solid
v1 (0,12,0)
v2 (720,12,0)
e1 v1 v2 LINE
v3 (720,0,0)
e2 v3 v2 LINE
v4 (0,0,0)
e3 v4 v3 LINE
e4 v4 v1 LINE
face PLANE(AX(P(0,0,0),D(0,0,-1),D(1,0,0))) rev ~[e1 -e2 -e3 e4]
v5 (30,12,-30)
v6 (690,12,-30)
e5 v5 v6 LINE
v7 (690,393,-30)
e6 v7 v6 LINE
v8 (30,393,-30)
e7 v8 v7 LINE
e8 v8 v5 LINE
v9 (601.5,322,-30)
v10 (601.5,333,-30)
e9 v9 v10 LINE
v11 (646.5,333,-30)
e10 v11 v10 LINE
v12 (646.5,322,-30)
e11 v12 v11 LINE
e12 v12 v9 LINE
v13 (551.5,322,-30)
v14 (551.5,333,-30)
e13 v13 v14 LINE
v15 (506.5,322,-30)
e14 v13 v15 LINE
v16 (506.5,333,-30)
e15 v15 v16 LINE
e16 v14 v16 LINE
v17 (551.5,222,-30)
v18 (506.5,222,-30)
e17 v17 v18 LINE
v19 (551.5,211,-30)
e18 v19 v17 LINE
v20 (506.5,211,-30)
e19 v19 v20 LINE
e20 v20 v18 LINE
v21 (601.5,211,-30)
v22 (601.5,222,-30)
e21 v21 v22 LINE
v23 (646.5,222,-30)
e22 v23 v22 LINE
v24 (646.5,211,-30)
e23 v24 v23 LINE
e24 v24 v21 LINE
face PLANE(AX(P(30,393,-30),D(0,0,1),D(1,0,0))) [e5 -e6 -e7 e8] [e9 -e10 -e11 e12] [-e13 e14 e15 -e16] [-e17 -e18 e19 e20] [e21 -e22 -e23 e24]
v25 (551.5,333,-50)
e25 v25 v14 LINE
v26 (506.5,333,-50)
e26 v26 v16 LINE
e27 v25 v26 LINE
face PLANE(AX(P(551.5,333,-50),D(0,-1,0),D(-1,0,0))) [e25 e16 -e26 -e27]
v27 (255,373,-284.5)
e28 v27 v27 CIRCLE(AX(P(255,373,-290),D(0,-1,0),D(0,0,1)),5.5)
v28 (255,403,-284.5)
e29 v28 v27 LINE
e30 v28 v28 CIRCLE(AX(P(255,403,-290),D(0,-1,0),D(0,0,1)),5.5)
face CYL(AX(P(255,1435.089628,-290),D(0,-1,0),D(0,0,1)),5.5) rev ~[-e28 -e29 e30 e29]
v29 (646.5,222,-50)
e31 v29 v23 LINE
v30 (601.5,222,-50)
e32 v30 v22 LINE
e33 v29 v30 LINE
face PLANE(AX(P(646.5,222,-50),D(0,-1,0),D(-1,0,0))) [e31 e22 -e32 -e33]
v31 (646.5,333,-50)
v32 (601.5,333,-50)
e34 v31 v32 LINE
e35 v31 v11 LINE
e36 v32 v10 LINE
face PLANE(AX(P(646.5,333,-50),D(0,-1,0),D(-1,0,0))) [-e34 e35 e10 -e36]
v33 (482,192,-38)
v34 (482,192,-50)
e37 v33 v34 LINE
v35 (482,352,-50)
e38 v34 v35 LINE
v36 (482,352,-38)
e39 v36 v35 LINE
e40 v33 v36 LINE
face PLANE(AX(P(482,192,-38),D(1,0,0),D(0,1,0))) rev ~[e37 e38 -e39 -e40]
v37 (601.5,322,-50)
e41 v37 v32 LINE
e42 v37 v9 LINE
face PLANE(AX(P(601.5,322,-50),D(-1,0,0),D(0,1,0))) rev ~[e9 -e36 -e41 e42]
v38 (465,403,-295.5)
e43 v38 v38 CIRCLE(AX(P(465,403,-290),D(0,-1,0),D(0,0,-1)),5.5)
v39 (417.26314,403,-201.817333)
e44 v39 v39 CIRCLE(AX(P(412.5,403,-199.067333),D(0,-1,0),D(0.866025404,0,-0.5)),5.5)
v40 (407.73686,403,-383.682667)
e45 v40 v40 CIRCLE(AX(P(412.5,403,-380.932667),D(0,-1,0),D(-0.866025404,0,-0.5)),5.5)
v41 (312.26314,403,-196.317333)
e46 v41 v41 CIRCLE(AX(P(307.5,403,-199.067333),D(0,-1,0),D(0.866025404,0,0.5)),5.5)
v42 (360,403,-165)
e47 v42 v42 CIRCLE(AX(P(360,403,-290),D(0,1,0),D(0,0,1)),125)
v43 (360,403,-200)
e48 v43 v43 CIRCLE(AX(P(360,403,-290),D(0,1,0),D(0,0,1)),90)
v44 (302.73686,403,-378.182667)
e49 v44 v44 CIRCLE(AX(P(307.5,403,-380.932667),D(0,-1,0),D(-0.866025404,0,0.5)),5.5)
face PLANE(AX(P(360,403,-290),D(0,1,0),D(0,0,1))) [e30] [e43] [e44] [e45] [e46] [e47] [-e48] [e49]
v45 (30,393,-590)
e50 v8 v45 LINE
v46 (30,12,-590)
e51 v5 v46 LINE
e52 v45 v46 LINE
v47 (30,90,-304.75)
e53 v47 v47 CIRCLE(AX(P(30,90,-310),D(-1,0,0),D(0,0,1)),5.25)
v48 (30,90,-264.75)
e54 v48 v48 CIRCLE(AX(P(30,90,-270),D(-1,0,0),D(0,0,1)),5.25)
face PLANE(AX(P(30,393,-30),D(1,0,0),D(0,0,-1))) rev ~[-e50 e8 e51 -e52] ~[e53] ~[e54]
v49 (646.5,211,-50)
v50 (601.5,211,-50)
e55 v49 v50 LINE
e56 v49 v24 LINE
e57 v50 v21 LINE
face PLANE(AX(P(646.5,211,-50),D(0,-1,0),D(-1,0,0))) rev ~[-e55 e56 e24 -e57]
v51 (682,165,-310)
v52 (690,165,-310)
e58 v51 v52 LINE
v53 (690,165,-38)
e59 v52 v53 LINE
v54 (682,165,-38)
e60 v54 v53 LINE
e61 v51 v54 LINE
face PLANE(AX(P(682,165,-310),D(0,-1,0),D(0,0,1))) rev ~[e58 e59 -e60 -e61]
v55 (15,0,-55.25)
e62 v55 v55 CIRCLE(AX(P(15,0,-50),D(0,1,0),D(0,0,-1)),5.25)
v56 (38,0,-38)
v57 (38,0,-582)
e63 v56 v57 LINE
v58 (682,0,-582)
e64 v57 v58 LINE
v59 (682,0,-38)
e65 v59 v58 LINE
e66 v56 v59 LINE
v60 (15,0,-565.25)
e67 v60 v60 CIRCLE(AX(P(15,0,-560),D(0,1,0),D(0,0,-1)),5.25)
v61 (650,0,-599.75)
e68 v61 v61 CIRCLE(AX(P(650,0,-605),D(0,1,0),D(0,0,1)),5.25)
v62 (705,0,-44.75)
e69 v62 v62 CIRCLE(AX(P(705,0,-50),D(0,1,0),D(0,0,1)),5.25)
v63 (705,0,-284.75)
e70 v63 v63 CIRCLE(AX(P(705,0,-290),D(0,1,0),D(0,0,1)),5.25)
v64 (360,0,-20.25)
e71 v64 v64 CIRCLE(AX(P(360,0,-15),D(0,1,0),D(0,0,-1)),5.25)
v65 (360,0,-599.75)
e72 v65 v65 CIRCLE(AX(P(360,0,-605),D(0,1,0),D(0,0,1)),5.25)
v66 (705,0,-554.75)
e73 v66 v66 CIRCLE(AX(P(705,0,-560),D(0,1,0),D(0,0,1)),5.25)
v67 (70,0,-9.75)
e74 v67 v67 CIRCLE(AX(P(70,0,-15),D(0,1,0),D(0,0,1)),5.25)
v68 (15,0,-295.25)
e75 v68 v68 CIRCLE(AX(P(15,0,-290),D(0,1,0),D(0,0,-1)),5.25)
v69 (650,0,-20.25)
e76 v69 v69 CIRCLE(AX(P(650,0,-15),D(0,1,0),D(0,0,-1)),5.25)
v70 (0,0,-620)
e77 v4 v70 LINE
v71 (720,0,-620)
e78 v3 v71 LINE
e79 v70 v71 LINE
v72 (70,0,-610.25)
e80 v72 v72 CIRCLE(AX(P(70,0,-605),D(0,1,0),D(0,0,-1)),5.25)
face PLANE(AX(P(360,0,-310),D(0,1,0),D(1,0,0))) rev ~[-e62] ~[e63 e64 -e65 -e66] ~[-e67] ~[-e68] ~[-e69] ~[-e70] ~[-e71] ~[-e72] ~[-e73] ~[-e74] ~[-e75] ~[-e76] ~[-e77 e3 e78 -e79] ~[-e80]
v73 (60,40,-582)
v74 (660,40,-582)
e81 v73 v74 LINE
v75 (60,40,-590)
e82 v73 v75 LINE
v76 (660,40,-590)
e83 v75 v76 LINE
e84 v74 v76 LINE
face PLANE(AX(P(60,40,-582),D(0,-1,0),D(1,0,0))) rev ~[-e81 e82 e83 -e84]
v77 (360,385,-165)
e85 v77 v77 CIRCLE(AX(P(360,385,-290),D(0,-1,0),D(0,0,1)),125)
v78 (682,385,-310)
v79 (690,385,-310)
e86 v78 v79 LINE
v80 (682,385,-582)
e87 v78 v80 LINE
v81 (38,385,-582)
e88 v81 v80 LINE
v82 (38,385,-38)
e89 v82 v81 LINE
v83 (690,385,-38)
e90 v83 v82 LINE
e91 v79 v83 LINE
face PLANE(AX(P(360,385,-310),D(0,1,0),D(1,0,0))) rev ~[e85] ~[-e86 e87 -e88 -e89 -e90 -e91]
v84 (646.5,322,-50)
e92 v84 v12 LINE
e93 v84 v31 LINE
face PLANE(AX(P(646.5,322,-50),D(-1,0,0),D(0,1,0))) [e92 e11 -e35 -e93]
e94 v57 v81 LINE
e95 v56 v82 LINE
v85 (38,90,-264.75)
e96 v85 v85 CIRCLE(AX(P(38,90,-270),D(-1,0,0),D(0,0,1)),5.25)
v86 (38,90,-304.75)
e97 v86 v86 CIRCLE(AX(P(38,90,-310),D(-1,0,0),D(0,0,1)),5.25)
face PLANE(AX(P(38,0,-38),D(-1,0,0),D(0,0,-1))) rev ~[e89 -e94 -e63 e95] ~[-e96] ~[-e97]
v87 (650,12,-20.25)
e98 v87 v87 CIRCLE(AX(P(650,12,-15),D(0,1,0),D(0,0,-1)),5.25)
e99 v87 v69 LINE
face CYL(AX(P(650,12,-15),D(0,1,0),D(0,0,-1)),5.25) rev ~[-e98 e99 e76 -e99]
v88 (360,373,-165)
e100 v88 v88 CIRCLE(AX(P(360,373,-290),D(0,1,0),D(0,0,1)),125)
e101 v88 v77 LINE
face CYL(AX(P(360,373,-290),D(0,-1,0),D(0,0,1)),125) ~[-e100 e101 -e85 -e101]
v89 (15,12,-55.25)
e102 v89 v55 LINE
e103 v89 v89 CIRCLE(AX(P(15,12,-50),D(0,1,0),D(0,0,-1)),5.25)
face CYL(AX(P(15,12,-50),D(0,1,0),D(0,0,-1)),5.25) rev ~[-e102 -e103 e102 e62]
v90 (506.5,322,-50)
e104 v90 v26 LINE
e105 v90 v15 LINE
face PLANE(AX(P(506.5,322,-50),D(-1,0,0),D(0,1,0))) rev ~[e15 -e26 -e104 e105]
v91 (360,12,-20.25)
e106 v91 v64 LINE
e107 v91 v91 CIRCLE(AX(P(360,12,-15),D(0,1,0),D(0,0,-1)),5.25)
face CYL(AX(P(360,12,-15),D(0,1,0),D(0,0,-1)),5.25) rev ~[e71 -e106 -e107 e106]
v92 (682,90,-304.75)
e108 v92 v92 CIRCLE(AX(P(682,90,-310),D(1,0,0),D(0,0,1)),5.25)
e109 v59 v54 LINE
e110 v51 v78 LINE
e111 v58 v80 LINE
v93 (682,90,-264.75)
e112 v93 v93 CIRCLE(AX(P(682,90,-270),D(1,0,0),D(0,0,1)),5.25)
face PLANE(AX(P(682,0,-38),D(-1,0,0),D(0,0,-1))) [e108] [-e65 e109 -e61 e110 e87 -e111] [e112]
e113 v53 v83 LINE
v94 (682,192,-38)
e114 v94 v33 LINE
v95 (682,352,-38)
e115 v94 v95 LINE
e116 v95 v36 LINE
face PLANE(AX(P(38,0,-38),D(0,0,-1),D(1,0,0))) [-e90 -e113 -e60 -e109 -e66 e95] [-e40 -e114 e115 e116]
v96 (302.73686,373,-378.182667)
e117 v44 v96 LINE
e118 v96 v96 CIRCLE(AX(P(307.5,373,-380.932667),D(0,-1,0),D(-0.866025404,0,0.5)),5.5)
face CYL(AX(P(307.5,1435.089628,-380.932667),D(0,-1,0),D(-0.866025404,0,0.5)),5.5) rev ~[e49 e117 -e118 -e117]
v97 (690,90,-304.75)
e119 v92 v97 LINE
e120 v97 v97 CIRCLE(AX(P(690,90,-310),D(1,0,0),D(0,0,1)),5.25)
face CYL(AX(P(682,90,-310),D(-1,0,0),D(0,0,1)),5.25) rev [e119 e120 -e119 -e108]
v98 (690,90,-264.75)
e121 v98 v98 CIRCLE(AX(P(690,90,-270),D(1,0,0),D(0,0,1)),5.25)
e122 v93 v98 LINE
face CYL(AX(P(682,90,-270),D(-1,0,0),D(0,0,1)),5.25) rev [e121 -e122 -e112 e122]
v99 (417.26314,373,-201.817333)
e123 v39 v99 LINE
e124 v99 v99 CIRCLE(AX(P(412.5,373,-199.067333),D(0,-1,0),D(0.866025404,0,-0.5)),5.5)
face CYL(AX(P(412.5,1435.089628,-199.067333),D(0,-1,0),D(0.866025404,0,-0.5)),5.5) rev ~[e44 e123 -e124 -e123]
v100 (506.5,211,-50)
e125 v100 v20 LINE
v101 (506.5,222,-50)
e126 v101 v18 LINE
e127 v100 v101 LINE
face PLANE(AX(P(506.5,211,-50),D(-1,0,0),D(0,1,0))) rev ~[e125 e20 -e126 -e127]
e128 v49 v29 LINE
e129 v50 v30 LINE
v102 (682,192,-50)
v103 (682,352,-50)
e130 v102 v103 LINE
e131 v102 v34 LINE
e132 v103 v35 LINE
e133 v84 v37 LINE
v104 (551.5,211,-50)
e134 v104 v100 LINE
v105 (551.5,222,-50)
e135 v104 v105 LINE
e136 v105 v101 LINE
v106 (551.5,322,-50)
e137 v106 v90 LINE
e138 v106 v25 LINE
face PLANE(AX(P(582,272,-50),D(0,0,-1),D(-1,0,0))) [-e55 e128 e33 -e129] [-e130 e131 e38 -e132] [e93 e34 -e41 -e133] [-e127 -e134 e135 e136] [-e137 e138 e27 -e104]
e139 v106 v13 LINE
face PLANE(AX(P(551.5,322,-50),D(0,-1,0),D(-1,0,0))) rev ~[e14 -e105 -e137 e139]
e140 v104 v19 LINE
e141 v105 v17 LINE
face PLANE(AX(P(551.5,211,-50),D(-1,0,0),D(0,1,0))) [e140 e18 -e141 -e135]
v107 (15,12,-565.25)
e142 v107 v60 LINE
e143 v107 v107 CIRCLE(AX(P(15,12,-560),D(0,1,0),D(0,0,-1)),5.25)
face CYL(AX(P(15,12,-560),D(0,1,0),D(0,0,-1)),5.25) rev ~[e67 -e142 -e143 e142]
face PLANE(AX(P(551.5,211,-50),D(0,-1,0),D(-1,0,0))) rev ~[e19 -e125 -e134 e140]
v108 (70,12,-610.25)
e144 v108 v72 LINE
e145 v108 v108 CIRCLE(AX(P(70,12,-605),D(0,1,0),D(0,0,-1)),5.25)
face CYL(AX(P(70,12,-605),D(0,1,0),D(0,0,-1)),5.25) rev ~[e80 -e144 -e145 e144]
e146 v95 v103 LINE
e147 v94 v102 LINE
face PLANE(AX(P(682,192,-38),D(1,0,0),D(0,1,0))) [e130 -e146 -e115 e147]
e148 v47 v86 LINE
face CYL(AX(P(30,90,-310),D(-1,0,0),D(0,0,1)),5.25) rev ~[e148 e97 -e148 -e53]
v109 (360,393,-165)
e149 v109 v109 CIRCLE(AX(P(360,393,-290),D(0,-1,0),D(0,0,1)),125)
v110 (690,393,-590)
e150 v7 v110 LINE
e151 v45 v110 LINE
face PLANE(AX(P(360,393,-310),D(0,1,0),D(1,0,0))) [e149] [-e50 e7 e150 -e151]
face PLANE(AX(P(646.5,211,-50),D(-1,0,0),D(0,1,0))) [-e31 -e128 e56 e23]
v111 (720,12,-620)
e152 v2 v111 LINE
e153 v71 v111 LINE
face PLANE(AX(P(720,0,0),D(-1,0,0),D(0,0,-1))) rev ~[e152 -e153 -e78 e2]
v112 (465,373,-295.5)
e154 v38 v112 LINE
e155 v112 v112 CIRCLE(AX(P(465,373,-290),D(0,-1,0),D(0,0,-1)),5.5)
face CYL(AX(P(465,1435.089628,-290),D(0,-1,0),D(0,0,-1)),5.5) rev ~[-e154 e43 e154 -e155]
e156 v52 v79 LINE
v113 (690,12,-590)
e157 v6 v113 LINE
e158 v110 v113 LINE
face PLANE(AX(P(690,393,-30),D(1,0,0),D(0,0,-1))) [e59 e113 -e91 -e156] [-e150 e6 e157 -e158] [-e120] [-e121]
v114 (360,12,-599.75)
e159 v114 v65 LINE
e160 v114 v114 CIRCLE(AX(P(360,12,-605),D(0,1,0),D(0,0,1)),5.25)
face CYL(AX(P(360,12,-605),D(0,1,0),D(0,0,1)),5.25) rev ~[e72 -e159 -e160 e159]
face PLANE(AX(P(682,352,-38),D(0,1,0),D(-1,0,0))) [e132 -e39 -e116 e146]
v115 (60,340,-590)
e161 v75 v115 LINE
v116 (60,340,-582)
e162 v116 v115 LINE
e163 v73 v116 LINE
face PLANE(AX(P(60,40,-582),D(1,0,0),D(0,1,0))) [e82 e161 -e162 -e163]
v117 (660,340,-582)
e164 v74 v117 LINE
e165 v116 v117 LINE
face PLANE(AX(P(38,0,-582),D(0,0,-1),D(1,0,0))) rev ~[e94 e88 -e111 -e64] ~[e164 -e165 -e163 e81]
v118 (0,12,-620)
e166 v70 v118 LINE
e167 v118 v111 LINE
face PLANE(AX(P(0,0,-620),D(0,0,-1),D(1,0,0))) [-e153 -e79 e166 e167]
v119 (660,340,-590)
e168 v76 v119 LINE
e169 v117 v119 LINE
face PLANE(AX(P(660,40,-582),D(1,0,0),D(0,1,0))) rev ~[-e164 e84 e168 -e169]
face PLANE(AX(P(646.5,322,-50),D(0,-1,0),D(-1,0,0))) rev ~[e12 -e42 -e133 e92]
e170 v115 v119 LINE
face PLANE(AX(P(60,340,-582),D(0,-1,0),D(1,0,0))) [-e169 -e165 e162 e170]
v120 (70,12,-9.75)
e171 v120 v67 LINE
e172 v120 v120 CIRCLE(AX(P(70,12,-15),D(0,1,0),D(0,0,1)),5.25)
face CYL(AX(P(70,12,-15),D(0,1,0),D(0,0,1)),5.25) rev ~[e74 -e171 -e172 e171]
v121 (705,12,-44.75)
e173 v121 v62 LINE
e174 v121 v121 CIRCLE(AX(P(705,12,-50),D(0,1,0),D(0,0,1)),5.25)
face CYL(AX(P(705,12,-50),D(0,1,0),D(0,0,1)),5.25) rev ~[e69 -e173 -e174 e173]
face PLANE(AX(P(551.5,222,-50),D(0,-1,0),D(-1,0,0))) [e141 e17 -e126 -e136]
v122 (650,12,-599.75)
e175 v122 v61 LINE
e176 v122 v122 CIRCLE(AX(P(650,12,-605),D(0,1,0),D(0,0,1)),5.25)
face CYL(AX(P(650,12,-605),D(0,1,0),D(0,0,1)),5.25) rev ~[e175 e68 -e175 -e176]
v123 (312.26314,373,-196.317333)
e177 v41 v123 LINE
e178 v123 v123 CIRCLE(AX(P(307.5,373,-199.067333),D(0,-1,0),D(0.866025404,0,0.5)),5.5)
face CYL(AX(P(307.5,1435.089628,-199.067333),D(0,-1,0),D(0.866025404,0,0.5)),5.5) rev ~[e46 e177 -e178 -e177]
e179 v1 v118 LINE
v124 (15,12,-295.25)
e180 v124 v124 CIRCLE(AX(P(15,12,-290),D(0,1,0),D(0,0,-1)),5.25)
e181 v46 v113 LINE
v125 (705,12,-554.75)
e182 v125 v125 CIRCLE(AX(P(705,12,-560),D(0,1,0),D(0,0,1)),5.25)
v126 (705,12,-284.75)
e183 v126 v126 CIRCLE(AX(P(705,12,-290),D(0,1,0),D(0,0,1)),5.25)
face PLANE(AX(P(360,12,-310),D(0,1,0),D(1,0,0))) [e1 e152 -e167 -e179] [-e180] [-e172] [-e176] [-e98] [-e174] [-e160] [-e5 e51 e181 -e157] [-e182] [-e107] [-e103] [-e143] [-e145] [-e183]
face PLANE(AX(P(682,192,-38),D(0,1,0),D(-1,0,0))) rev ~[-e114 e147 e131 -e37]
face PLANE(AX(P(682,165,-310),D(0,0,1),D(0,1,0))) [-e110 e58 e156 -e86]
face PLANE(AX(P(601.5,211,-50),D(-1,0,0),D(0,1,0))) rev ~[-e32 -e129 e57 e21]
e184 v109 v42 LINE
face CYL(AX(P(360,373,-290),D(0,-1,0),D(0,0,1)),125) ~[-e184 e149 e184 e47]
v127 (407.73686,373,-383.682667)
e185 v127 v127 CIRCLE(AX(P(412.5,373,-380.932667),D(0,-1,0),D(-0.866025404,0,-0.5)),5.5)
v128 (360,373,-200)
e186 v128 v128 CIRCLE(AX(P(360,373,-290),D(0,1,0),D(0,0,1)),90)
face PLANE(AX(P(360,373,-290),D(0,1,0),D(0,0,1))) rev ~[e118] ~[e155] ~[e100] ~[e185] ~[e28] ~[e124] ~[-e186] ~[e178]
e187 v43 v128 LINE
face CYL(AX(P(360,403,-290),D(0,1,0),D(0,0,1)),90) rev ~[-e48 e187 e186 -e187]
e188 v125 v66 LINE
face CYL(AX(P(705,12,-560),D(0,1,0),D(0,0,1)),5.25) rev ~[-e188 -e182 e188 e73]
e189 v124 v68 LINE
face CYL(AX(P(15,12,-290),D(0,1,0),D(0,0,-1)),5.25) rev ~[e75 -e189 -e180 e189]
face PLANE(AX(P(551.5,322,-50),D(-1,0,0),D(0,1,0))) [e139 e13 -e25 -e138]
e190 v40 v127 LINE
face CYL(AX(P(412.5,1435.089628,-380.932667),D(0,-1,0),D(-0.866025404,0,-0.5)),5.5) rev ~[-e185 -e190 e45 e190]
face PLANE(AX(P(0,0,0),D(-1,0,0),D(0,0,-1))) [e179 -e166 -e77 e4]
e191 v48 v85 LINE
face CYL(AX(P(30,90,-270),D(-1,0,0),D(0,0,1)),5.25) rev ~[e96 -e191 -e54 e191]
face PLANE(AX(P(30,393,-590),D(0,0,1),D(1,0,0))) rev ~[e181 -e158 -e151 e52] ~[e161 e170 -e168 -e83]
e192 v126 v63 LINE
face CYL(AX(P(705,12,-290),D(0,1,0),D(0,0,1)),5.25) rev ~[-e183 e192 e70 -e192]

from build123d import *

# Parameters (mm, degrees)
SCHIZZO1_W                        = 720
SCHIZZO1_H                        = 620
ESTRUSIONE_ESTRUSIONE1_DEPTH      = 393
SCHIZZO3_W                        = 720
SCHIZZO3_H                        = 620
SCHIZZO3_W_2                      = 660
SCHIZZO3_H_2                      = 560
TAGLIO_ESTRUSIONE1_DEPTH          = 381
SCHIZZO4_R                        = 5.25
TAGLIO_ESTRUSIONE2_DEPTH          = 12
SCHIZZO5_W                        = 644
SCHIZZO5_H                        = 544
TAGLIO_ESTRUSIONE3_DEPTH          = 385
ESTRUSIONE_ESTRUSIONE2_DEPTH      = 10
ESTRUSIONE_ESTRUSIONE2_DEPTH_BACK = 20
SCHIZZO6_R                        = 125
SCHIZZO7_R                        = 90
TAGLIO_ESTRUSIONE4_DEPTH          = 30
FORO_PER_VITE_M10_1_D             = 11
RIPETIZIONECIRCOLARE1_COUNT       = 6
SCHIZZO14_W                       = 600
SCHIZZO14_H                       = 300
TAGLIO_ESTRUSIONE5_DEPTH          = 8
SCHIZZO16_R                       = 5.25
TAGLIO_ESTRUSIONE6_DEPTH          = 8
TAGLIO_ESTRUSIONE7_START          = -8
SCHIZZO17_R                       = 5.25
TAGLIO_ESTRUSIONE7_DEPTH          = 8
SCHIZZO18_W                       = 272
SCHIZZO18_H                       = 220
TAGLIO_ESTRUSIONE8_DEPTH          = 8
SCHIZZO19_W                       = 200
SCHIZZO19_H                       = 160
ESTRUSIONE_ESTRUSIONE3_DEPTH      = 12
SCHIZZO20_W                       = 45
SCHIZZO20_H                       = 11
TAGLIO_ESTRUSIONE9_DEPTH          = 20


with BuildPart() as part:
    # Schizzo1 → Estrusione-Estrusione1 (new body)
    with BuildSketch(Plane(origin=(0, 0, 0), x_dir=(1, 0, 0), z_dir=(0, 1, 0))):
        with Locations((360, 310)):
            Rectangle(SCHIZZO1_W, SCHIZZO1_H)
    extrude(amount=ESTRUSIONE_ESTRUSIONE1_DEPTH)

    # Schizzo3 → Taglio-Estrusione1 (cut)
    with BuildSketch(Plane(origin=(0, 393, 0), x_dir=(1, 0, 0), z_dir=(0, 1, 0))):
        with Locations((360, 310)):
            Rectangle(SCHIZZO3_W, SCHIZZO3_H)
        with Locations((360, 310)):
            Rectangle(SCHIZZO3_W_2, SCHIZZO3_H_2, mode=Mode.SUBTRACT)
    extrude(amount=-TAGLIO_ESTRUSIONE1_DEPTH, mode=Mode.SUBTRACT)

    # Schizzo4 → Taglio-Estrusione2 (cut)
    with BuildSketch(Plane(origin=(0, 12, 0), x_dir=(1, 0, 0), z_dir=(0, 1, 0))):
        with Locations(Location((360, 605, 0), (0, 0, 270))):
            Circle(SCHIZZO4_R)
        with Locations(Location((650, 605, 0), (0, 0, 270))):
            Circle(SCHIZZO4_R)
        with Locations(Location((70, 605, 0), (0, 0, 90))):
            Circle(SCHIZZO4_R)
        with Locations(Location((650, 15, 0), (0, 0, 90))):
            Circle(SCHIZZO4_R)
        with Locations(Location((360, 15, 0), (0, 0, 90))):
            Circle(SCHIZZO4_R)
        with Locations(Location((70, 15, 0), (0, 0, 270))):
            Circle(SCHIZZO4_R)
        with Locations(Location((705, 560, 0), (0, 0, 270))):
            Circle(SCHIZZO4_R)
        with Locations(Location((705, 290, 0), (0, 0, 270))):
            Circle(SCHIZZO4_R)
        with Locations(Location((705, 50, 0), (0, 0, 270))):
            Circle(SCHIZZO4_R)
        with Locations(Location((15, 50, 0), (0, 0, 90))):
            Circle(SCHIZZO4_R)
        with Locations(Location((15, 290, 0), (0, 0, 90))):
            Circle(SCHIZZO4_R)
        with Locations(Location((15, 560, 0), (0, 0, 90))):
            Circle(SCHIZZO4_R)
    extrude(amount=-TAGLIO_ESTRUSIONE2_DEPTH, mode=Mode.SUBTRACT)

    # Schizzo5 → Taglio-Estrusione3 (cut)
    with BuildSketch(Plane(origin=(0, 0, 0), x_dir=(1, 0, 0), z_dir=(0, 1, 0))):
        with Locations((360, 310)):
            Rectangle(SCHIZZO5_W, SCHIZZO5_H)
    extrude(amount=TAGLIO_ESTRUSIONE3_DEPTH, mode=Mode.SUBTRACT)

    # Schizzo6 → Estrusione-Estrusione2 (add, two sides: drawn at the far end of the back side and taken through both)
    with BuildSketch(Plane(origin=(0, 393, 0), x_dir=(1, 0, 0), z_dir=(0, 1, 0)).offset(-ESTRUSIONE_ESTRUSIONE2_DEPTH_BACK)):
        with Locations(Location((360, 290, 0), (0, 0, 270))):
            Circle(SCHIZZO6_R)
    extrude(amount=ESTRUSIONE_ESTRUSIONE2_DEPTH + ESTRUSIONE_ESTRUSIONE2_DEPTH_BACK)

    # Schizzo7 → Taglio-Estrusione4 (cut)
    with BuildSketch(Plane(origin=(0, 403, 0), x_dir=(1, 0, 0), z_dir=(0, 1, 0))):
        with Locations(Location((360, 290, 0), (0, 0, 270))):
            Circle(SCHIZZO7_R)
    extrude(amount=-TAGLIO_ESTRUSIONE4_DEPTH, mode=Mode.SUBTRACT)

    # Foro per Vite M10-1 (through all)
    with Locations(Plane(origin=(465, 403, -290), x_dir=(0, 0, 1), z_dir=(0, 1, 0))):
        with Locations((0, 0)):
            foro_per_vite_m10_1 = Hole(FORO_PER_VITE_M10_1_D / 2)

    # RipetizioneCircolare1: Foro per Vite M10-1 ×6 about axis
    ripetizionecircolare1_axis = Axis((360, 0, -290), (0, 1, 0))
    for i in range(1, RIPETIZIONECIRCOLARE1_COUNT):
        add(foro_per_vite_m10_1.rotate(ripetizionecircolare1_axis, i * 360 / RIPETIZIONECIRCOLARE1_COUNT), mode=Mode.SUBTRACT)

    # Schizzo14 → Taglio-Estrusione5 (cut)
    with BuildSketch(Plane.XY.offset(-582)):
        with Locations((360, 190)):
            Rectangle(SCHIZZO14_W, SCHIZZO14_H)
    extrude(amount=-TAGLIO_ESTRUSIONE5_DEPTH, mode=Mode.SUBTRACT)

    # Schizzo16 → Taglio-Estrusione6 (cut)
    with BuildSketch(Plane.ZY.offset(-30)):
        with Locations((-310, 90)):
            Circle(SCHIZZO16_R)
        with Locations((-270, 90)):
            Circle(SCHIZZO16_R)
    extrude(amount=-TAGLIO_ESTRUSIONE6_DEPTH, mode=Mode.SUBTRACT)

    # Schizzo17 → Taglio-Estrusione7 (cut)
    with BuildSketch(Plane(origin=(690, 0, 0), x_dir=(0, 0, -1), z_dir=(1, 0, 0)).offset(TAGLIO_ESTRUSIONE7_START)):
        with Locations(Location((310, 90, 0), (0, 0, 180))):
            Circle(SCHIZZO17_R)
        with Locations(Location((270, 90, 0), (0, 0, 180))):
            Circle(SCHIZZO17_R)
    extrude(amount=TAGLIO_ESTRUSIONE7_DEPTH, mode=Mode.SUBTRACT)

    # Schizzo18 → Taglio-Estrusione8 (cut)
    with BuildSketch(Plane.ZY.offset(-682)):
        with Locations((-174, 275)):
            Rectangle(SCHIZZO18_W, SCHIZZO18_H)
    extrude(amount=-TAGLIO_ESTRUSIONE8_DEPTH, mode=Mode.SUBTRACT)

    # Schizzo19 → Estrusione-Estrusione3 (add)
    with BuildSketch(Plane(origin=(0, 0, -38), x_dir=(-1, 0, 0), z_dir=(0, 0, -1))):
        with Locations((-582, 272)):
            Rectangle(SCHIZZO19_W, SCHIZZO19_H)
    extrude(amount=ESTRUSIONE_ESTRUSIONE3_DEPTH)

    # Schizzo20 → Taglio-Estrusione9 (cut)
    with BuildSketch(Plane(origin=(0, 0, -50), x_dir=(-1, 0, 0), z_dir=(0, 0, -1))):
        with Locations((-624, 216.5)):
            Rectangle(SCHIZZO20_W, SCHIZZO20_H)
        with Locations((-529, 216.5)):
            Rectangle(SCHIZZO20_W, SCHIZZO20_H)
        with Locations((-529, 327.5)):
            Rectangle(SCHIZZO20_W, SCHIZZO20_H)
        with Locations((-624, 327.5)):
            Rectangle(SCHIZZO20_W, SCHIZZO20_H)
    extrude(amount=-TAGLIO_ESTRUSIONE9_DEPTH, mode=Mode.SUBTRACT)


solid = part.part
